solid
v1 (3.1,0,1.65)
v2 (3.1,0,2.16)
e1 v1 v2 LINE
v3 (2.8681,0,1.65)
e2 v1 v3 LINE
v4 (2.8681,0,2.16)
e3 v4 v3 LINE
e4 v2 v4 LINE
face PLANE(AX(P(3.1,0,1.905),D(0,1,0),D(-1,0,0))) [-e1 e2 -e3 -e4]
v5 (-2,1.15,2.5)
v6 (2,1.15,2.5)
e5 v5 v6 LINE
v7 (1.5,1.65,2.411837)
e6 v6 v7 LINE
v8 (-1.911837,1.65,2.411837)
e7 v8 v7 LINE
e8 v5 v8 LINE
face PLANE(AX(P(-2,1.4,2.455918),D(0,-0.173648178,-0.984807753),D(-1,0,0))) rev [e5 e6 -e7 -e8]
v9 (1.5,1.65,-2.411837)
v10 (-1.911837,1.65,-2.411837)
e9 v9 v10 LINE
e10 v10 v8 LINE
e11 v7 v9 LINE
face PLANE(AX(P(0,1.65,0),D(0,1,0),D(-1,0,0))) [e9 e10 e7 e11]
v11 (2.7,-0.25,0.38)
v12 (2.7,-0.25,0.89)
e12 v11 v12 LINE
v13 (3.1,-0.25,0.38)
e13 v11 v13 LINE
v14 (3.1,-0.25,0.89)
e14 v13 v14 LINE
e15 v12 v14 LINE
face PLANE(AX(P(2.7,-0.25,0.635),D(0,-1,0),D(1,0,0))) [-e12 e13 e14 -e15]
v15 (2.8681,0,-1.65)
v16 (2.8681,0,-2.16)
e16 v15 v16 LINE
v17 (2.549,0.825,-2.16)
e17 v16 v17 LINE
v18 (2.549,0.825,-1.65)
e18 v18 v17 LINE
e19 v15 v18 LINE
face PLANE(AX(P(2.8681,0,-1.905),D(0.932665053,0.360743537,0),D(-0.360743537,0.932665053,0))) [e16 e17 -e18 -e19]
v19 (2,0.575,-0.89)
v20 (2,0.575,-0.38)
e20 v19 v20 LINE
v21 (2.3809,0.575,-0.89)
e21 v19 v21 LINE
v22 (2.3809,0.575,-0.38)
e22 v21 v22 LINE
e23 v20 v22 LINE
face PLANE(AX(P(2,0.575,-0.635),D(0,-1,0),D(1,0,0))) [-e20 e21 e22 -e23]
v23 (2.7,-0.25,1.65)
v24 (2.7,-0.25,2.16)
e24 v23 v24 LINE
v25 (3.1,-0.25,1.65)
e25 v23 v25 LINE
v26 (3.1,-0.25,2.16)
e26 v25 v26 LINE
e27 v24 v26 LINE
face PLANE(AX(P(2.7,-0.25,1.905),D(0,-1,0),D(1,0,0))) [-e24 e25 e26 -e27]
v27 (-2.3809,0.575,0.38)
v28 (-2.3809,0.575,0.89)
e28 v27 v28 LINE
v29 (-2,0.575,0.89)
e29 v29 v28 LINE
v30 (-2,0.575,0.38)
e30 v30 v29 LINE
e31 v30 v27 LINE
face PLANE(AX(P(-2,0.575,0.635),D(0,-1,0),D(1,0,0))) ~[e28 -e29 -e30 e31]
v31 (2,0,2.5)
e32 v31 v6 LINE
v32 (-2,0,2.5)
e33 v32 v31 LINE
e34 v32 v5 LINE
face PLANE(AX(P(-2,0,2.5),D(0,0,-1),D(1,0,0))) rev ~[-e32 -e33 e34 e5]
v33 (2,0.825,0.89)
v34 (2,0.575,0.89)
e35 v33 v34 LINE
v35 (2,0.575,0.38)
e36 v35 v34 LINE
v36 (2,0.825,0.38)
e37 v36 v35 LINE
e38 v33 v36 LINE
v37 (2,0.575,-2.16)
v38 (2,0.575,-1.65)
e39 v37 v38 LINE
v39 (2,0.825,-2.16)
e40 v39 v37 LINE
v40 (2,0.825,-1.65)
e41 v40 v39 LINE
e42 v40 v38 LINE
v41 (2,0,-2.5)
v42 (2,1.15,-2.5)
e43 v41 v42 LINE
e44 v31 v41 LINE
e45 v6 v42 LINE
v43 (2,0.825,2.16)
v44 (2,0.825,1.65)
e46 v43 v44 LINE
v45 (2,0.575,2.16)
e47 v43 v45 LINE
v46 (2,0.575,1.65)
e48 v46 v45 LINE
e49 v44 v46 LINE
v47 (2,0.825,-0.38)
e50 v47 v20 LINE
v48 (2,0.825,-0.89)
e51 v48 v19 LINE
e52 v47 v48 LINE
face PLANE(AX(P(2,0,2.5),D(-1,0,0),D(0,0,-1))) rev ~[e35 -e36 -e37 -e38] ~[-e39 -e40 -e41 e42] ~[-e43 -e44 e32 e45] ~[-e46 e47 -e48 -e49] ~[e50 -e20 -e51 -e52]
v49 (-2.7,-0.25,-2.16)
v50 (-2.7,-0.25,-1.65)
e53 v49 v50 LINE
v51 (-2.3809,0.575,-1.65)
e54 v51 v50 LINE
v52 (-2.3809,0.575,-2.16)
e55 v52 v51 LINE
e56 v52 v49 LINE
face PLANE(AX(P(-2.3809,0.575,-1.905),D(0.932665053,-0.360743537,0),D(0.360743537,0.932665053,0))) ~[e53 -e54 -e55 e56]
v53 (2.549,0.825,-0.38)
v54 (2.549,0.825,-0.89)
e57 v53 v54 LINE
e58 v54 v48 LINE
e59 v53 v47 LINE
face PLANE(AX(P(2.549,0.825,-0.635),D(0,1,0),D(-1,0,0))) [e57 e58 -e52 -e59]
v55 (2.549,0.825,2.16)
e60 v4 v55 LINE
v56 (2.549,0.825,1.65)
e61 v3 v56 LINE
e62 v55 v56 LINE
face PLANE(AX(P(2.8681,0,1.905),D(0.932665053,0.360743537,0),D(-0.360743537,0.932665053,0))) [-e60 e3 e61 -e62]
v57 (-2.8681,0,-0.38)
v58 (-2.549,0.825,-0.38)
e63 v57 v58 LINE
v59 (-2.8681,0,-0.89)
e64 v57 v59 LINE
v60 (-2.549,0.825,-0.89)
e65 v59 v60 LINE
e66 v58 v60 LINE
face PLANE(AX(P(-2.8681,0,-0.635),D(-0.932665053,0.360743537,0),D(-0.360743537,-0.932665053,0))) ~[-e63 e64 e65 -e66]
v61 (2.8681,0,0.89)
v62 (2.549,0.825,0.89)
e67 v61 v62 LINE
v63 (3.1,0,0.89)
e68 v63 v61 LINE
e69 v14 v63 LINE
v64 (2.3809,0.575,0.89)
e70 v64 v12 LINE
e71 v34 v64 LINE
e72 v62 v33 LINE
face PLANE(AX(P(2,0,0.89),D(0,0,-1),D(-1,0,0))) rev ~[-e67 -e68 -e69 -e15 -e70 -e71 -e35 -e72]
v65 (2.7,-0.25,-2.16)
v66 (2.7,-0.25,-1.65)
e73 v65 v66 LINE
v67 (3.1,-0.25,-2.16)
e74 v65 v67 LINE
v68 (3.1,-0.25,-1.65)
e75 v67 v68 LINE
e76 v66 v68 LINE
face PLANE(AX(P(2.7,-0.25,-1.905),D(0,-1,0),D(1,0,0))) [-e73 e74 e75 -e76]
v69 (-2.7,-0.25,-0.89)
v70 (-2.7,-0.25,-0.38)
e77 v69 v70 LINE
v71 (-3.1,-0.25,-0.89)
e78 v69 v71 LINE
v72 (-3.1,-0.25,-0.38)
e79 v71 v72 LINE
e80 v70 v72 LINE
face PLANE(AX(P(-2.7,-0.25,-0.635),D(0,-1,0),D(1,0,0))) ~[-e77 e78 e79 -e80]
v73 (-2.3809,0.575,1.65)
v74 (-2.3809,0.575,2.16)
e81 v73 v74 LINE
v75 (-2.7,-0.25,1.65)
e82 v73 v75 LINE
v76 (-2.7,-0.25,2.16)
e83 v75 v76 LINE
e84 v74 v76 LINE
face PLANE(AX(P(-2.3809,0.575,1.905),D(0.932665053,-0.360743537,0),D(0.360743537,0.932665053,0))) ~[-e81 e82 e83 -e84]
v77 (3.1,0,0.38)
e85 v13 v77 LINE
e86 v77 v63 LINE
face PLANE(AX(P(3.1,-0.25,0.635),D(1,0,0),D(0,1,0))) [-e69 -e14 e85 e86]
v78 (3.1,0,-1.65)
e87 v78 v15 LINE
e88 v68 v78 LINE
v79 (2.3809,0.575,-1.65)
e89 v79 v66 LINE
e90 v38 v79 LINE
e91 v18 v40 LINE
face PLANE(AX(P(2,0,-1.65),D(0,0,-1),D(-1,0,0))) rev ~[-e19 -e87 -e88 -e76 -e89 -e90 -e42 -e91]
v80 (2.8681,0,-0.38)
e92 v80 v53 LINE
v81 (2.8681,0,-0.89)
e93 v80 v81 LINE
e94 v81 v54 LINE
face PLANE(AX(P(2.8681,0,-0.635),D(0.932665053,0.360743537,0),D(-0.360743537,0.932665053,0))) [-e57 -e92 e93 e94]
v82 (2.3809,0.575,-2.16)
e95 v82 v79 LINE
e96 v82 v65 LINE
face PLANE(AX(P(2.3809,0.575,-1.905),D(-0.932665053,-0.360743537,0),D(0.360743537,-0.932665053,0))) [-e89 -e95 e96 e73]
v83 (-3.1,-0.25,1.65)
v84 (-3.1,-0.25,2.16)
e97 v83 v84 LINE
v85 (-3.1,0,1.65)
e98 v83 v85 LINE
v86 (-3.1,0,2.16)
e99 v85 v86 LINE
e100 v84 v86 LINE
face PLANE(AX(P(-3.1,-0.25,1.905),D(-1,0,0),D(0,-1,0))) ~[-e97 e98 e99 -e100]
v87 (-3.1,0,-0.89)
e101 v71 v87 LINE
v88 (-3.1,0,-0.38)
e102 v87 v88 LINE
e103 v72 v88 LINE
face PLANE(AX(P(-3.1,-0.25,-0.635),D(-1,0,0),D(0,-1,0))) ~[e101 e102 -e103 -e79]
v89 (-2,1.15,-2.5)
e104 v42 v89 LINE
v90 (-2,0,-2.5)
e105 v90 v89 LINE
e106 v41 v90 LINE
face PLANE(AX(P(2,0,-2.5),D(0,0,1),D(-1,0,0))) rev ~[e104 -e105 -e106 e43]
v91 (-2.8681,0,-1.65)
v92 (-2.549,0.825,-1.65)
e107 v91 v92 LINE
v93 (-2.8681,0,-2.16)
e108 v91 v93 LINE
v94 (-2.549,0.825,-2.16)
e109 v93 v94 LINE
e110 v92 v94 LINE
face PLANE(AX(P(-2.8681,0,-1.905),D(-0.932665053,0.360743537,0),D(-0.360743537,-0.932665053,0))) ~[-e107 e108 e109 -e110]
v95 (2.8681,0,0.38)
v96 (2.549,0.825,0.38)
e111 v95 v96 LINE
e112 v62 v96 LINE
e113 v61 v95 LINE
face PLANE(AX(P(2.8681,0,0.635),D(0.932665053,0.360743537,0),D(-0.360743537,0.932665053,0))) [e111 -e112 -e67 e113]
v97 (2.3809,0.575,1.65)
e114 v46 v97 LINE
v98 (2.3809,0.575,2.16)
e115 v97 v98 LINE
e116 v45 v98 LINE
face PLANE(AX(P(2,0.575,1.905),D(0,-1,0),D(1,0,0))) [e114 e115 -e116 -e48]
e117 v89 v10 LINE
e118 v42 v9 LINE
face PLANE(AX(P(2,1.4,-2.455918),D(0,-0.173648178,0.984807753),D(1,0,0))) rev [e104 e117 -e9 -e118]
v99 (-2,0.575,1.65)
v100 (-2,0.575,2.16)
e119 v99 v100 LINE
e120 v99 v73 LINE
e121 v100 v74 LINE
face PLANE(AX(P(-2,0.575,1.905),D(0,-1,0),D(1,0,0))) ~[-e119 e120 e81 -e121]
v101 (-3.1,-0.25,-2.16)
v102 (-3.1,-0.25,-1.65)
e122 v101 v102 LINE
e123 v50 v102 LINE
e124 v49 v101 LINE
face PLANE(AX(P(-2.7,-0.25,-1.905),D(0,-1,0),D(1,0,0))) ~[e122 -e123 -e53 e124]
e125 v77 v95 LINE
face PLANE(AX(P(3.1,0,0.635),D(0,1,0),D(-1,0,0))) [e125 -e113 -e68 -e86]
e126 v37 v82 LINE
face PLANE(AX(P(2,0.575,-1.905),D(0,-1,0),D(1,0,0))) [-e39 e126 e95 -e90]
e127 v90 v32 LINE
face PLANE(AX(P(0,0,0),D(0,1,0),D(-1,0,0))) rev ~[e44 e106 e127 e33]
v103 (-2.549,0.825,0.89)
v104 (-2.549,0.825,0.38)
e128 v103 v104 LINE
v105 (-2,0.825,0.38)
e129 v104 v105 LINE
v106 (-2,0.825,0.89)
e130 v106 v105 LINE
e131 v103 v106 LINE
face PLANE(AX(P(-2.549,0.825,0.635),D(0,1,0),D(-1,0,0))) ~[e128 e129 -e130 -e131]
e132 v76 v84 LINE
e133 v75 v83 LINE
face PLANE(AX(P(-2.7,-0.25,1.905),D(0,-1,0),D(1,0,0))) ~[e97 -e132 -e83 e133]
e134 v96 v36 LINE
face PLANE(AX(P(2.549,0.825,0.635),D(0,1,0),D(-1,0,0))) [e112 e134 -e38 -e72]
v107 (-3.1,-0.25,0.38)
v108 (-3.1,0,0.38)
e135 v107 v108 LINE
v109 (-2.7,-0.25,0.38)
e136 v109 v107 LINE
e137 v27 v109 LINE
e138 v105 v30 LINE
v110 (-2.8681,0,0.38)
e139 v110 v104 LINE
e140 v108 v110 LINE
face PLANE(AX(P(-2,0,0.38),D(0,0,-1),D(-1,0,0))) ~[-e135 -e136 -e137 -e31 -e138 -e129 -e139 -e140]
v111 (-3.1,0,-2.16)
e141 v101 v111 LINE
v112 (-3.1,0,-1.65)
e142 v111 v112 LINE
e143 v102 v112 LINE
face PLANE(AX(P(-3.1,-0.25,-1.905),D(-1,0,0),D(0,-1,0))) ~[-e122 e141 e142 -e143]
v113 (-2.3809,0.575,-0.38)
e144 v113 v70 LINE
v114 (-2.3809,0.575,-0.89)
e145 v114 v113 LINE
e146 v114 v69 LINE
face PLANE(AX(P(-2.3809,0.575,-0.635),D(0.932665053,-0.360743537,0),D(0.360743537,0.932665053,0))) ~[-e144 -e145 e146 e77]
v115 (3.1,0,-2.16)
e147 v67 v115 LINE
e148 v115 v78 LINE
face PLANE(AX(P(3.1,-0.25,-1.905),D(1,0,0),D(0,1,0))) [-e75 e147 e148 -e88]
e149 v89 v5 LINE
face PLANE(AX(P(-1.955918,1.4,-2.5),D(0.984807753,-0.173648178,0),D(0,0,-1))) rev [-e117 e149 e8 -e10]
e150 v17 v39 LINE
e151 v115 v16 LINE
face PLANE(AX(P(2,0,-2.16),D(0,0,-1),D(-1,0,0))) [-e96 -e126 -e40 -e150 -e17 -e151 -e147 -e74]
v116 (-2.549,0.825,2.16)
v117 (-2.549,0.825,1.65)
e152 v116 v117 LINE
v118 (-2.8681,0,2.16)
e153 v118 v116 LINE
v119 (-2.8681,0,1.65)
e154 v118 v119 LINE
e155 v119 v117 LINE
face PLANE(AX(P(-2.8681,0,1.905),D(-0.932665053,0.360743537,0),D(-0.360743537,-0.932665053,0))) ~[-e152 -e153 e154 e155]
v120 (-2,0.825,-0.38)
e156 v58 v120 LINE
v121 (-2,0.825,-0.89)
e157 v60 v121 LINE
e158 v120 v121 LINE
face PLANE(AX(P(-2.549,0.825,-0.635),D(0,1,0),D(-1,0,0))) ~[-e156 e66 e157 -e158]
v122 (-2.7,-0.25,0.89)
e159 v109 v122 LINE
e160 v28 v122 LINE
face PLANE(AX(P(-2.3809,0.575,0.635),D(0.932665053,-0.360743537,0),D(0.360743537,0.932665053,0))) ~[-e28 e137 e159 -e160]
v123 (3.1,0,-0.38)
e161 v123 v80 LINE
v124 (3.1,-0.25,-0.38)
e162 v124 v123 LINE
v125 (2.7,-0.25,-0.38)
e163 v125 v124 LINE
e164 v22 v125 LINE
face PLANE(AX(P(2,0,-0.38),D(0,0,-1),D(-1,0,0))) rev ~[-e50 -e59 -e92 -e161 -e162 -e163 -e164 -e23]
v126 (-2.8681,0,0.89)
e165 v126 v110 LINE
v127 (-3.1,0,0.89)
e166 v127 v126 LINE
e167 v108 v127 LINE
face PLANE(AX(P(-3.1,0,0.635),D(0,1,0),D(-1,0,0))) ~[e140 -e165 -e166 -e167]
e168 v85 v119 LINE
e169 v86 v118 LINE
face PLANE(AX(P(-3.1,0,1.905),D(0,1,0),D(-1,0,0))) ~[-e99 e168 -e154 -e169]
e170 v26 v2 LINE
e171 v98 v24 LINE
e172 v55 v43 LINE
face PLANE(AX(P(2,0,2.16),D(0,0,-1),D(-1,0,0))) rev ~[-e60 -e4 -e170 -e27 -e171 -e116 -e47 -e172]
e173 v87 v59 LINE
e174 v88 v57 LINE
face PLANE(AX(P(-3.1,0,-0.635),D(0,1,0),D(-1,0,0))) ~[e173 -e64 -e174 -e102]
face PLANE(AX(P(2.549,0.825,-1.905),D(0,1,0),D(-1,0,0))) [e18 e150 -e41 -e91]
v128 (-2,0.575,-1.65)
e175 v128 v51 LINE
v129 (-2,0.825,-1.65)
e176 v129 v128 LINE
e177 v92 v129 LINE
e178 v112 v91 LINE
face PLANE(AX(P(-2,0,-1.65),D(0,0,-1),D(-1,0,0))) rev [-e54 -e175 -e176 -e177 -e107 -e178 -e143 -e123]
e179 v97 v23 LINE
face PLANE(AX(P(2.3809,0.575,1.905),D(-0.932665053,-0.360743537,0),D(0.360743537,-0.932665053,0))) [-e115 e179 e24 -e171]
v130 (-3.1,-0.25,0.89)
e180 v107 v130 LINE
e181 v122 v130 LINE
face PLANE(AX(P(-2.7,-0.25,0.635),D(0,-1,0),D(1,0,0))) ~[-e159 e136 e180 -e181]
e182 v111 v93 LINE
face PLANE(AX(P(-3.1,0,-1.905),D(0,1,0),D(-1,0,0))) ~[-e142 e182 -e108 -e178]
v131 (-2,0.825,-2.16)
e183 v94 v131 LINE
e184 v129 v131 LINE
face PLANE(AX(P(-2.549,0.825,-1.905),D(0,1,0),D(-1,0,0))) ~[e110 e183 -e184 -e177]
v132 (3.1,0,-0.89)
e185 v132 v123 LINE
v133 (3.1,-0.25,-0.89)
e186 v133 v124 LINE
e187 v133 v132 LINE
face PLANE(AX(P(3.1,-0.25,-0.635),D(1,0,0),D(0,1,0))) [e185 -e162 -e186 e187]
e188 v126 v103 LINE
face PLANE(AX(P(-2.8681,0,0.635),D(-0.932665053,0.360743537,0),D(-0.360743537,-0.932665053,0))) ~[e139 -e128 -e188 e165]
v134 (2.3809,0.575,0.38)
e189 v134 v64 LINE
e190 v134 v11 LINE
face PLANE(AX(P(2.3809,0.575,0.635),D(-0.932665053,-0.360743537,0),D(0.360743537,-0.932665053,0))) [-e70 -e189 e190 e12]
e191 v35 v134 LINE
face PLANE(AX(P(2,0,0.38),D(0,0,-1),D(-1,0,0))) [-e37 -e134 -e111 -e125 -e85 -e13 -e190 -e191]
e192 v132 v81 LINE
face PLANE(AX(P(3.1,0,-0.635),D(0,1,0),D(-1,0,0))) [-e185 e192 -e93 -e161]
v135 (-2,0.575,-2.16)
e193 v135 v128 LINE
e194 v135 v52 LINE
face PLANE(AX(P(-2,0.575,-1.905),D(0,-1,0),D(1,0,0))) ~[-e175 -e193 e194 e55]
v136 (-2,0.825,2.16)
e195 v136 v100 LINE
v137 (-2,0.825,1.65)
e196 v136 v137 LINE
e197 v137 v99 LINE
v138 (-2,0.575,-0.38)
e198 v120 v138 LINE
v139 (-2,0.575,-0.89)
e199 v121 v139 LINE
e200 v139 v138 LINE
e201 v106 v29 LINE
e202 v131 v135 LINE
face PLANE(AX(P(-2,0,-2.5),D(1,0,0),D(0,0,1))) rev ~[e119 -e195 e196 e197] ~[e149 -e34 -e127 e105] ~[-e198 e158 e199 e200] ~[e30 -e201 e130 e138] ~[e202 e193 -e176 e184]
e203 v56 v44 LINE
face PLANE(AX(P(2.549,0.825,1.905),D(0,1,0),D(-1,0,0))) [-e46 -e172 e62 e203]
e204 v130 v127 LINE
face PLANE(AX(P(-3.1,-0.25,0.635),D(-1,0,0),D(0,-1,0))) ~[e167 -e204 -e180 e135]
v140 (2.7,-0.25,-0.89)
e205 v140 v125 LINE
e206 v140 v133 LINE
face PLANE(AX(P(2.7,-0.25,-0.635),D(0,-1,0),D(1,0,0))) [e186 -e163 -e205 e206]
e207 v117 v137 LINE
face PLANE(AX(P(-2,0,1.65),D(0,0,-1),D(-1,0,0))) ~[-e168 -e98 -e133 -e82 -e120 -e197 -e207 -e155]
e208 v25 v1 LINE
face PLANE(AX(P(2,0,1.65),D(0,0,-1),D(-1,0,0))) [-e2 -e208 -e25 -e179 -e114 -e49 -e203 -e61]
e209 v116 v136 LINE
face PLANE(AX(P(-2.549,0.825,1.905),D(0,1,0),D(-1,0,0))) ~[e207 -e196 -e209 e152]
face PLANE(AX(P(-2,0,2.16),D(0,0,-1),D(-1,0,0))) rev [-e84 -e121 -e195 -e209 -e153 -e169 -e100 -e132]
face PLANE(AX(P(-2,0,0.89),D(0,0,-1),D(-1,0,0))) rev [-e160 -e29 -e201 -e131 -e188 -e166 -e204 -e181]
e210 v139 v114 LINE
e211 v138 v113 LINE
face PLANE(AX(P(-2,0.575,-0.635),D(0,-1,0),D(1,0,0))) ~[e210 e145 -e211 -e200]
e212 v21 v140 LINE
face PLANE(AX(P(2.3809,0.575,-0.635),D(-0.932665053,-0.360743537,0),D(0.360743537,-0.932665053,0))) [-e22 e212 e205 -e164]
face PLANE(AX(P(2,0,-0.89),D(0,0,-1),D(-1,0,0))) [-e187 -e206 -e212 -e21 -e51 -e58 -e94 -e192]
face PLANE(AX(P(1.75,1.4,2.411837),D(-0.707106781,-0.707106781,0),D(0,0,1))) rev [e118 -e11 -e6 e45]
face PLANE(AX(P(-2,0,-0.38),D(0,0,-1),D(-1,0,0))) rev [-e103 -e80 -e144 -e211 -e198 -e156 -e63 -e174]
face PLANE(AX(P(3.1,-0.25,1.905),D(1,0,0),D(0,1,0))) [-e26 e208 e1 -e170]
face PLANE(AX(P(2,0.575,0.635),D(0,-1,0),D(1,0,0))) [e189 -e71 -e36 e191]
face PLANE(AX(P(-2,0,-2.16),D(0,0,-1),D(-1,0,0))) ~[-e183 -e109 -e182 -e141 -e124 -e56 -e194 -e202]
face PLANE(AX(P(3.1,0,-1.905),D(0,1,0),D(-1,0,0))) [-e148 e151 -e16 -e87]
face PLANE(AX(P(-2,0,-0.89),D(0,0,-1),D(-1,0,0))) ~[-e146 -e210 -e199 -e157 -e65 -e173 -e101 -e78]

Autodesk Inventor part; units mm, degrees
ref_plane "YZ Plane" through (0, 0, 0) normal (1, 0, 0) x (0, 1, 0)
ref_plane "XZ Plane" through (0, 0, 0) normal (0, 1, 0) x (-1, 0, 0)
sketch "Sketch1" plane through (0, 0, 0) normal (0, 1, 0) x (-1, 0, 0)
  line L0 (2, 2.5) -> (-2, 2.5)
  line L1 (-2, 2.5) -> (-2, -2.5)
  line L2 (-2, -2.5) -> (2, -2.5)
  line L3 (2, -2.5) -> (2, 2.5)
  point P0 (0, 0)
  dimension "d0" = 4
  dimension "d1" = 5
  dimension "d2" = 2
  dimension "d3" = 2.5
extrude "Extrusion1" add sketch "Sketch1" along normal blind 1.65
chamfer "Chamfer1" distance 0.5 angle 10 1 edges at (0, 1.65, 2.5) measured on face at (-0.6667, 0.55, 2.5)
chamfer "Chamfer2" distance 0.5 angle 10 1 edges at (-2, 1.65, -0.0441) measured on face at (-2, 0.9333, -0.8333)
chamfer "Chamfer3" distance 0.5 angle 10 1 edges at (0.0441, 1.65, -2.5) measured on face at (0.6667, 0.9333, -2.5)
chamfer "Chamfer4" distance 0.5 angle 45 1 edges at (2, 1.65, 0) measured on face at (2, 0.3833, 0.8333)
ref_plane "Work Plane1" through (2, 0, -1.905) normal (0, 0, -1) x (-1, 0, 0)
sketch "Sketch2" plane through (2, 0, -1.905) normal (0, 0, -1) x (-1, 0, 0)
  line L0 (0, 0.825) -> (0, 0.575)
  line L1 (0, 0.575) -> (-0.3809, 0.575)
  line L2 (-0.3809, 0.575) -> (-0.7, -0.25)
  line L3 (-0.7, -0.25) -> (-1.1, -0.25)
  line L4 (-1.1, -0.25) -> (-1.1, 0)
  line L5 (-1.1, 0) -> (-0.8681, 0)
  line L6 (-0.8681, 0) -> (-0.549, 0.825)
  line L7 (-0.549, 0.825) -> (0, 0.825)
  line L8 (0, 0) -> (0, 1.15) projected
  line L9 (0, 0) -> (4, 0) projected
  point P0 (2, 0)
  dimension "d19" = 0
  dimension "d20" = 0.25
  dimension "d21" = 0.25
  dimension "d22" = 0.4
  dimension "d23" = 1.1
  dimension "d24" = 0.25
  dimension "d25" = 0.825
extrude "Extrusion2" add sketch "Sketch2" along normal mid plane 0.51
pattern_linear "Rectangular Pattern1" count 4 spacing 1.27 along (0, 0, 1) of "Extrusion2"
mirror "Mirror1" about plane through (0, 0, 0) normal (1, 0, 0) of "Extrusion2", "Rectangular Pattern1"
properties part number "MC34063"
